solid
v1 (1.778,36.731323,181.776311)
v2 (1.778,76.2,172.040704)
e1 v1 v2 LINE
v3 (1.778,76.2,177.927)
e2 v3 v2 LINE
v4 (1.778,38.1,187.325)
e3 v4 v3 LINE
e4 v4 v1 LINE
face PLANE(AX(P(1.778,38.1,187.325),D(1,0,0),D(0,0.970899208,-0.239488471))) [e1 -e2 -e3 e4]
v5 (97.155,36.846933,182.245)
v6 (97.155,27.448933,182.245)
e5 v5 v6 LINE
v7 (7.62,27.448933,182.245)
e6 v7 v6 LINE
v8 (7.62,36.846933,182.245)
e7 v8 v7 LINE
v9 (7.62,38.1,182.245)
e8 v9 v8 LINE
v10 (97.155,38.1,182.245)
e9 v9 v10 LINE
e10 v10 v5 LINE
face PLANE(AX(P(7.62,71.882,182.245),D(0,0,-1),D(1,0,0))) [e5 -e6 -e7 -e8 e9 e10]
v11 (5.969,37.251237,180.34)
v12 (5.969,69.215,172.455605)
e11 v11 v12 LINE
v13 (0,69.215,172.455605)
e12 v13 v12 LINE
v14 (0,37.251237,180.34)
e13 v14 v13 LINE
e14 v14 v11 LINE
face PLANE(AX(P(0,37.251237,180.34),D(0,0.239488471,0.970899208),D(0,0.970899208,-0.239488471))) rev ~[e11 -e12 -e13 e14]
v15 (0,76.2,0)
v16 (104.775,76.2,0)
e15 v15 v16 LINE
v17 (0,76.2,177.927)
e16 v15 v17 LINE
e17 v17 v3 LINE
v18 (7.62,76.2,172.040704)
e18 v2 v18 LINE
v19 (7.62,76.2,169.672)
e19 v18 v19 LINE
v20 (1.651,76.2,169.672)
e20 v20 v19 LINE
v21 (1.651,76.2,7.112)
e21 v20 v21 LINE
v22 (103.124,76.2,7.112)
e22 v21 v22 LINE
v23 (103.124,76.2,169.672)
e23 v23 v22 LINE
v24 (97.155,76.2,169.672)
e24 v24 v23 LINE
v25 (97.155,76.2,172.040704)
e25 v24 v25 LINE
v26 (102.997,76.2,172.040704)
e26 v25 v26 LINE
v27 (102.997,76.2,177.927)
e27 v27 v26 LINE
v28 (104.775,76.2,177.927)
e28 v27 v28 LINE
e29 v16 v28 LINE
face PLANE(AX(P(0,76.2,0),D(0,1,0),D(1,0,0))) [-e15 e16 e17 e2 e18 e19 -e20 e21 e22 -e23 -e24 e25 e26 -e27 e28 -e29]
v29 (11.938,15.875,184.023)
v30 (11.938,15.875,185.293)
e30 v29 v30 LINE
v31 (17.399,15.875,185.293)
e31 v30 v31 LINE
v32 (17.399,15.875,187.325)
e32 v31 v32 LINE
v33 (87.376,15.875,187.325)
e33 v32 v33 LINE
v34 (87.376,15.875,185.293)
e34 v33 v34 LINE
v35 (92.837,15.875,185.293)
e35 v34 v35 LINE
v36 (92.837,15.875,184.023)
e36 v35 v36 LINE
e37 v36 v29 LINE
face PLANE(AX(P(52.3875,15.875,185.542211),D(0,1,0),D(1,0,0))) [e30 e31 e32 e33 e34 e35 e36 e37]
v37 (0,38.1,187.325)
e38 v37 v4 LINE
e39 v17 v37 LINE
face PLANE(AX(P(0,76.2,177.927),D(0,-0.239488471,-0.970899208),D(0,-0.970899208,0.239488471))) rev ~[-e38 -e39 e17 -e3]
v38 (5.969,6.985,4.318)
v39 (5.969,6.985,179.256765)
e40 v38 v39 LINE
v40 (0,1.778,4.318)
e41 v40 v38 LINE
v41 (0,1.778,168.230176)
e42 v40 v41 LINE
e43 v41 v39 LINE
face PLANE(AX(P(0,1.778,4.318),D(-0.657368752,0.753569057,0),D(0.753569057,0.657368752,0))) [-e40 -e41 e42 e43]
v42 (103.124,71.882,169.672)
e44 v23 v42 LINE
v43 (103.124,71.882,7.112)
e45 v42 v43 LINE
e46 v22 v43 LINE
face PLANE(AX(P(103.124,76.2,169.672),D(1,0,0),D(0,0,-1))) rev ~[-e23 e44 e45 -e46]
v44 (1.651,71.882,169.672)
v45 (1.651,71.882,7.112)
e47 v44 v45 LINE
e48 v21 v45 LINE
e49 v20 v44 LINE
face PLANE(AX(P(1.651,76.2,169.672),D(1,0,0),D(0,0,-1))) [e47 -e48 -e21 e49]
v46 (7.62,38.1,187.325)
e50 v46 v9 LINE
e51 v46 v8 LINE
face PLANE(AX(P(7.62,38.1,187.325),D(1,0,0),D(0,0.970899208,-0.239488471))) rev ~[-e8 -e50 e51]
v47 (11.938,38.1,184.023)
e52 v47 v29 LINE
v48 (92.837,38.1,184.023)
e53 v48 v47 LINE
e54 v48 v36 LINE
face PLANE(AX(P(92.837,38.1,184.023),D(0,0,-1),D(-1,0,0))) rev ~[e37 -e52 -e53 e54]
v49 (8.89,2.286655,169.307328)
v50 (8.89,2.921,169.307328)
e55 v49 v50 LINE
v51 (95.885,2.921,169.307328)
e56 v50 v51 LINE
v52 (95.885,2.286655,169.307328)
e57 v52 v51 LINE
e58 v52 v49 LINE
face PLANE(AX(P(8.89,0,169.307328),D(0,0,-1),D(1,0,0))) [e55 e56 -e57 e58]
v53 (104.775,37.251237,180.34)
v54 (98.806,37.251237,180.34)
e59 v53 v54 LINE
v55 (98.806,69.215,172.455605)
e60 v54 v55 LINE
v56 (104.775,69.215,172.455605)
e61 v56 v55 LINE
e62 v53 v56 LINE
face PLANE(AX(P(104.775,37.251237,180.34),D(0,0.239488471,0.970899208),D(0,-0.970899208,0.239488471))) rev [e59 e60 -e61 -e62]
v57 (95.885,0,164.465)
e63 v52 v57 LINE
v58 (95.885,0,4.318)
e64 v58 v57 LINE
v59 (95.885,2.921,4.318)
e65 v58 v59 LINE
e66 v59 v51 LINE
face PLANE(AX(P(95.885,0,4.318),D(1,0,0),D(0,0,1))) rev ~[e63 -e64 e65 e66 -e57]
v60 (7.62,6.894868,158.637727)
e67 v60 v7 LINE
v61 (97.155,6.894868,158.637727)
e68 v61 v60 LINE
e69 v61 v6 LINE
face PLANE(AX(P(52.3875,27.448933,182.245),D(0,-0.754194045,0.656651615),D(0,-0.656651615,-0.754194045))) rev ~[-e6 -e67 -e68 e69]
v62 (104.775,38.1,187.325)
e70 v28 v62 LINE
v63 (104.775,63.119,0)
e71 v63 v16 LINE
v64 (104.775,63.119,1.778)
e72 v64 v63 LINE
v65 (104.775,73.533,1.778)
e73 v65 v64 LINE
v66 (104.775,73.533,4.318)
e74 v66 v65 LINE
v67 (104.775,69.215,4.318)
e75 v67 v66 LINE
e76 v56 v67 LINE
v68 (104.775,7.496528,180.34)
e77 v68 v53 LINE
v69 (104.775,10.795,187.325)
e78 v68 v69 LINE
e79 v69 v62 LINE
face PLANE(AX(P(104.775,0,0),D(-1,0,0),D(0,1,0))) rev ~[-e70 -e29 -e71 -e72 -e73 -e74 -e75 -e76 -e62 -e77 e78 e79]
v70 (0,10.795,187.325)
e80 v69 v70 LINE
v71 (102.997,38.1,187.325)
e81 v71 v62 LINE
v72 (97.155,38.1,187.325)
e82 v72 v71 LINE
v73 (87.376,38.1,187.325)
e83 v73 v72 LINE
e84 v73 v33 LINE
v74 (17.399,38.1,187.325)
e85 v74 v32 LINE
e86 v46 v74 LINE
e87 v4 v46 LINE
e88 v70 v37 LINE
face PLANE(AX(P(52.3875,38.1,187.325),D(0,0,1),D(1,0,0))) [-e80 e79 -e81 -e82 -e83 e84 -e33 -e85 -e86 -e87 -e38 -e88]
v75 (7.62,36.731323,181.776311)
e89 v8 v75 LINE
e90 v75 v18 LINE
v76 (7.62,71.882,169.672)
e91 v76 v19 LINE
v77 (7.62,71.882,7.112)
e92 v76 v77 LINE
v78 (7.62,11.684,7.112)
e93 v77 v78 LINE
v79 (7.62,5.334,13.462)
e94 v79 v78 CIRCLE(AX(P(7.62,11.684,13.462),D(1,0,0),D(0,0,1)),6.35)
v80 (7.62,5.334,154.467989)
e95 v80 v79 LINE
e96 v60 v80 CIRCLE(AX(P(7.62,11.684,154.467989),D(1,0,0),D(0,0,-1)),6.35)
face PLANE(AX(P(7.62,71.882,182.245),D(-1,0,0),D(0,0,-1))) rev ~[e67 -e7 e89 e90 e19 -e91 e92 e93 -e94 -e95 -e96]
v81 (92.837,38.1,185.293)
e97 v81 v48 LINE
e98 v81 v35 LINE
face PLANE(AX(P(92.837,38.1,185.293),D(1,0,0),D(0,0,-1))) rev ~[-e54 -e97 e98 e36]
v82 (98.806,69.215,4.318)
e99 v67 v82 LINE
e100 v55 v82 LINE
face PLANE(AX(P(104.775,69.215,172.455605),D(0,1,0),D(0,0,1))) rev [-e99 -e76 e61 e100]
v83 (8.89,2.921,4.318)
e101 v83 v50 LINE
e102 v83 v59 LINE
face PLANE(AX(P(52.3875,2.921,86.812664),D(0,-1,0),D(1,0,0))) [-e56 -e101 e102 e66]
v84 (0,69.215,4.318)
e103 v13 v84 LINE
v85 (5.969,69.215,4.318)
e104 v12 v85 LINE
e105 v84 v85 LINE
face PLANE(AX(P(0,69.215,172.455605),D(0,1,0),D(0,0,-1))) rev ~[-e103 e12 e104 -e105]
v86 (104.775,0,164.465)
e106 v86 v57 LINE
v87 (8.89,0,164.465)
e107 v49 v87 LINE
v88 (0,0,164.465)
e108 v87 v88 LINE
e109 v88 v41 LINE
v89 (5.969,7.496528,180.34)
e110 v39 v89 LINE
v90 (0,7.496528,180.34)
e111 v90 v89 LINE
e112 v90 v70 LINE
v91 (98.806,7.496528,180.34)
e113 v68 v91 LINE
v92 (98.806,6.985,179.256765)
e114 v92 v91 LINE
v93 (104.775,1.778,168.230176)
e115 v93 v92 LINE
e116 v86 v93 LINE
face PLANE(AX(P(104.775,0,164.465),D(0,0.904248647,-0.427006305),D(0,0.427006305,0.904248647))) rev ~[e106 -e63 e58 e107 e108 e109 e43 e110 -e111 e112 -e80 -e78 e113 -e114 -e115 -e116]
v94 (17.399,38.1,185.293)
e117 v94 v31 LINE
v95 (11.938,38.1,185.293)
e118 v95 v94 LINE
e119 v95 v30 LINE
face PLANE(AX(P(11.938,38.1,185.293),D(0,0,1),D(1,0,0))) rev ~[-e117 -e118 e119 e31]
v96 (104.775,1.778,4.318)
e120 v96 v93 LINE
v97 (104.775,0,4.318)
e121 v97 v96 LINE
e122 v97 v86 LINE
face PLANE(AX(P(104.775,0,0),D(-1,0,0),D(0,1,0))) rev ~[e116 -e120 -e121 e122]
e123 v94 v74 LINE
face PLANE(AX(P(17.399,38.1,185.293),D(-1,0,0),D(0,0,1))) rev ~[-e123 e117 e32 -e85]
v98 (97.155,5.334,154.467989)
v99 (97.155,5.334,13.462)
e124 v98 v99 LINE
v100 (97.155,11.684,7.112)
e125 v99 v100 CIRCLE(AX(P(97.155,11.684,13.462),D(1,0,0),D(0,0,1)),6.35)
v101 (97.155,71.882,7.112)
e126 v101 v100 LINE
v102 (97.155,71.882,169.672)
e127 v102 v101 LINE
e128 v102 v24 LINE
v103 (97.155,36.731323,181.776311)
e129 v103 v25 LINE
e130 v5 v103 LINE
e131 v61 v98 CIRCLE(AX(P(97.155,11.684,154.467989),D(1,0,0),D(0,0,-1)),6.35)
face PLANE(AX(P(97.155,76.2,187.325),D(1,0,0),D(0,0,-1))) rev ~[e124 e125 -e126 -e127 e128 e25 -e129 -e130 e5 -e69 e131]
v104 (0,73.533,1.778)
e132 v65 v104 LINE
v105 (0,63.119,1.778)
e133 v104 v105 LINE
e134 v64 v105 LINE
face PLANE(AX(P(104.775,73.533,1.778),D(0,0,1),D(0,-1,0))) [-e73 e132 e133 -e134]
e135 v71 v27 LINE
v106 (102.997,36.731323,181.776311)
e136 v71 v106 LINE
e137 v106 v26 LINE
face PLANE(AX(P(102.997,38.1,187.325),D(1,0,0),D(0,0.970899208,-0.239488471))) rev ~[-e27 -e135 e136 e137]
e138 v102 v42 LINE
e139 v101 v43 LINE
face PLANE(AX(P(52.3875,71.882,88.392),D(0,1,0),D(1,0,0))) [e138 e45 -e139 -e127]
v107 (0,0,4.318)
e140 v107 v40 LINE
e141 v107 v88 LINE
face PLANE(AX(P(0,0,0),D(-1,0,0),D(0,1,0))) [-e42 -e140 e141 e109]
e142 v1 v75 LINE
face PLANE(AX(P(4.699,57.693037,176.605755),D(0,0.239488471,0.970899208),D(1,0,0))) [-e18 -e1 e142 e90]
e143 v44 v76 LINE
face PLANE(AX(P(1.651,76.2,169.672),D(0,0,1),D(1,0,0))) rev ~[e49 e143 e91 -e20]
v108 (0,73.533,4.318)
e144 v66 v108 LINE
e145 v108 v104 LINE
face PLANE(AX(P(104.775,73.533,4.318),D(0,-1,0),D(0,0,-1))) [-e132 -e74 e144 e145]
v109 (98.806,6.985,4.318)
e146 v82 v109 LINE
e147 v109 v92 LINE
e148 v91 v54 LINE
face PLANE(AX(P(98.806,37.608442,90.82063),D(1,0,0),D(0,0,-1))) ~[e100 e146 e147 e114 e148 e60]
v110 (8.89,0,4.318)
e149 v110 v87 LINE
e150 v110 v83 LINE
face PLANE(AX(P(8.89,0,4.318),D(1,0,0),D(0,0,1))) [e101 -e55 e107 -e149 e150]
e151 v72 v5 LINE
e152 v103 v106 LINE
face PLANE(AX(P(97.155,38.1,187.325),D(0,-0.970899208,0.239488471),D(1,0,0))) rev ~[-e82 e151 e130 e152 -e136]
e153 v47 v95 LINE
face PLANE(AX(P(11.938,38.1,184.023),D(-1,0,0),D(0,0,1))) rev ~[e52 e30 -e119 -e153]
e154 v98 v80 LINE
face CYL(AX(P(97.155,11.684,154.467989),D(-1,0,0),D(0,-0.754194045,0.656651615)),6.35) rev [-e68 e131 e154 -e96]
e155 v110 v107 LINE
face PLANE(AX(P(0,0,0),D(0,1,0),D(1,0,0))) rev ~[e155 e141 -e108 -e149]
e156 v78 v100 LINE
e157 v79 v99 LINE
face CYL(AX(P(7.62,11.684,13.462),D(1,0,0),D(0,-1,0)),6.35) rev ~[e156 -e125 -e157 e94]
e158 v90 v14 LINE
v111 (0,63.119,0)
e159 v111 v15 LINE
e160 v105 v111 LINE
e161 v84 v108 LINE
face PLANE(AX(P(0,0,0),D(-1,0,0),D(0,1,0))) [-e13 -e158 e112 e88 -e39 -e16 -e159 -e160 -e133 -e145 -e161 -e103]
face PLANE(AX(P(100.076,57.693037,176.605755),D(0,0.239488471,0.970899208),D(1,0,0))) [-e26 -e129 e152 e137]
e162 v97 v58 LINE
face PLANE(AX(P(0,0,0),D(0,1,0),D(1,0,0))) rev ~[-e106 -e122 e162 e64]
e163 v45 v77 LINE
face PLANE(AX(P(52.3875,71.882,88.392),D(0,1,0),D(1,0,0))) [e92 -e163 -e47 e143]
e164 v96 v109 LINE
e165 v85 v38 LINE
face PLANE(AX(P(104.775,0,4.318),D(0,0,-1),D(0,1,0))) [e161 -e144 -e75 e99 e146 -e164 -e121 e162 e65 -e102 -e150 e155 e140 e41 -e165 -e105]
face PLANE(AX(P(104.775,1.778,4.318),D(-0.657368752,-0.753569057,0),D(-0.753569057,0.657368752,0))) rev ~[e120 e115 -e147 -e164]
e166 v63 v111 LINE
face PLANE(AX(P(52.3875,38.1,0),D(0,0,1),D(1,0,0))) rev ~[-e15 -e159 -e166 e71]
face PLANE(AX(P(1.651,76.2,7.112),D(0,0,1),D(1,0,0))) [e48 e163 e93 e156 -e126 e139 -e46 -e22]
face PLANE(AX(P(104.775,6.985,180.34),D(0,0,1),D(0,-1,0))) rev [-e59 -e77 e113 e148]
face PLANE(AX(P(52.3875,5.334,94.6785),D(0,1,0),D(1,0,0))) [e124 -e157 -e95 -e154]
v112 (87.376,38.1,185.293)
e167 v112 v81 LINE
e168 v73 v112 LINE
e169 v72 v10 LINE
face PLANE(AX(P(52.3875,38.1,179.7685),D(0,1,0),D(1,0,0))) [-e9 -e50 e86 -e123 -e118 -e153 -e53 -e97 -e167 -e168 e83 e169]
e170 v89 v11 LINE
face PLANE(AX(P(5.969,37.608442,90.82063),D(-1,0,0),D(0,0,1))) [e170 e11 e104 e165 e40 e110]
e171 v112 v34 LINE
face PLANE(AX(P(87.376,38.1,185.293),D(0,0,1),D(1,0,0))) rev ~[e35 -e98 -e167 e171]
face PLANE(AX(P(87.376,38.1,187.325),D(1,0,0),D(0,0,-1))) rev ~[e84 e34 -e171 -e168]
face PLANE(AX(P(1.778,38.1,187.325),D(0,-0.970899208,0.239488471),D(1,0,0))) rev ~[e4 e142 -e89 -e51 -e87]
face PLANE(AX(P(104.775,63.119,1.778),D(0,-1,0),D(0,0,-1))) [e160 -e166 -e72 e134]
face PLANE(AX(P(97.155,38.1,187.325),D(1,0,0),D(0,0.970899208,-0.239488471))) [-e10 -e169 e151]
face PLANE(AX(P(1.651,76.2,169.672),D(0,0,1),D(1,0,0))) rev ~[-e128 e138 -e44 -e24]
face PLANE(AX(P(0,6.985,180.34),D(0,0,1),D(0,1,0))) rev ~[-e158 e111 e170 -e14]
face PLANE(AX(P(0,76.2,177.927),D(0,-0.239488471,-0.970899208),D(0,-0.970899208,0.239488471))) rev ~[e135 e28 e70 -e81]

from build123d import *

# Parameters (mm, degrees)
SKETCH1_W                       = 104.775
SKETCH1_H                       = 76.2
BOSS_EXTRUDE1_DEPTH             = 187.325
CUT_EXTRUDE1_REACH              = 106.775
SKETCH3_W                       = 101.473
SKETCH3_H                       = 162.56
CUT_EXTRUDE2_DEPTH              = 4.318
SKETCH4_W                       = 89.535
SKETCH4_H                       = 175.133
CUT_EXTRUDE3_DEPTH              = 66.548
CUT_EXTRUDE3_DIRECTION_2_REACH  = 6.318
SKETCH5_W                       = 89.535
SKETCH5_H                       = 15.113
CUT_EXTRUDE4_DEPTH              = 38.1
CUT_EXTRUDE5_DEPTH              = 105.775
SKETCH7_W                       = 5.842
SKETCH7_H                       = 43.18
CUT_EXTRUDE6_DEPTH              = 5.715
CUT_EXTRUDE7_DEPTH              = 22.225
BOSS_EXTRUDE2_REACH             = 54.388
BOSS_EXTRUDE2_DIRECTION_2_REACH = 54.387
CUT_EXTRUDE8_DEPTH              = 104.775
CUT_EXTRUDE9_DEPTH              = 5.969
SKETCH12_W                      = 86.995
SKETCH12_H                      = 164.98932792
CUT_EXTRUDE10_DEPTH             = 2.921
CUT_EXTRUDE11_DEPTH             = 184.007
FILLET1_R                       = 6.35


with BuildPart() as part:
    # Sketch1 → Boss-Extrude1 (new body)
    with BuildSketch(Plane.XY):
        with Locations((52.3875, 38.1)):
            Rectangle(SKETCH1_W, SKETCH1_H)
    extrude(amount=BOSS_EXTRUDE1_DEPTH)

    # Sketch2 → Cut-Extrude1 (cut, up to next)
    with BuildSketch(Plane(origin=(104.775, 0, 0), x_dir=(0, 0, -1), z_dir=(1, 0, 0)), mode=Mode.PRIVATE) as cut_extrude1_sk1:
        Polygon((0, 0), (-4.318, 0), (-4.318, 73.533), (-1.778, 73.533), (-1.778, 63.119), (0, 63.119), align=None)
    cut_extrude1_tool1 = extrude(cut_extrude1_sk1.sketch, amount=-CUT_EXTRUDE1_REACH, mode=Mode.PRIVATE) & part.part
    add(cut_extrude1_tool1.solids().sort_by_distance((104.775, 34.812119, 2.237647))[0], mode=Mode.SUBTRACT)

    # Sketch3 → Cut-Extrude2 (cut)
    with BuildSketch(Plane(origin=(0, 76.2, 0), x_dir=(1, 0, 0), z_dir=(0, 1, 0))):
        with Locations((52.3875, -88.392)):
            Rectangle(SKETCH3_W, SKETCH3_H)
    extrude(amount=-CUT_EXTRUDE2_DEPTH, mode=Mode.SUBTRACT)

    # Sketch4 → Cut-Extrude3 (cut)
    with BuildSketch(Plane(origin=(0, 71.882, 0), x_dir=(1, 0, 0), z_dir=(0, 1, 0))):
        with Locations((52.3875, -94.6785)):
            Rectangle(SKETCH4_W, SKETCH4_H)
    extrude(amount=-CUT_EXTRUDE3_DEPTH, mode=Mode.SUBTRACT)

    # Sketch4 → Cut-Extrude3 direction 2 (cut, up to next)
    with BuildSketch(Plane(origin=(0, 71.882, 0), x_dir=(1, 0, 0), z_dir=(0, 1, 0)), mode=Mode.PRIVATE) as cut_extrude3_direction_2_sk1:
        with Locations((52.3875, -94.6785)):
            Rectangle(SKETCH4_W, SKETCH4_H)
    cut_extrude3_direction_2_tool1 = extrude(cut_extrude3_direction_2_sk1.sketch, amount=CUT_EXTRUDE3_DIRECTION_2_REACH, mode=Mode.PRIVATE) & part.part
    add(cut_extrude3_direction_2_tool1.solids().sort_by_distance((52.3875, 71.882, 94.6785))[0], mode=Mode.SUBTRACT)

    # Sketch5 → Cut-Extrude4 (cut)
    with BuildSketch(Plane(origin=(0, 76.2, 0), x_dir=(1, 0, 0), z_dir=(0, 1, 0))):
        with Locations((52.3875, -179.7685)):
            Rectangle(SKETCH5_W, SKETCH5_H)
    extrude(amount=-CUT_EXTRUDE4_DEPTH, mode=Mode.SUBTRACT)

    # Sketch6 → Cut-Extrude5 (cut, through all)
    with BuildSketch(Plane.ZY):
        Polygon((187.325, 38.1), (187.325, 76.2), (177.927, 76.2), align=None)
    extrude(amount=-CUT_EXTRUDE5_DEPTH, mode=Mode.SUBTRACT)

    # Sketch7 → Cut-Extrude6 (cut)
    with BuildSketch(Plane(origin=(0, 45.741868113, 185.440005865), x_dir=(1, 0, 0), z_dir=(0, 0.239488471, 0.970899208))):
        with Locations((4.699, 13.719081937)):
            Rectangle(SKETCH7_W, SKETCH7_H)
        with Locations((100.076, 13.719081937)):
            Rectangle(SKETCH7_W, SKETCH7_H)
    extrude(amount=-CUT_EXTRUDE6_DEPTH, mode=Mode.SUBTRACT)

    # Sketch8 → Cut-Extrude7 (cut)
    with BuildSketch(Plane(origin=(0, 38.1, 0), x_dir=(1, 0, 0), z_dir=(0, 1, 0))):
        Polygon((92.837, -184.023), (11.938, -184.023), (11.938, -185.293), (17.399, -185.293), (17.399, -187.325), (87.376, -187.325), (87.376, -185.293), (92.837, -185.293), align=None)
    extrude(amount=-CUT_EXTRUDE7_DEPTH, mode=Mode.SUBTRACT)

    # Boss-Extrude2: up to this face of the body (flat: up to its plane)
    boss_extrude2_end = Plane(part.part.faces().sort_by_distance((97.155, 38.338270724, 93.520892383))[0])
    # Sketch9 → Boss-Extrude2 (add, up to the picked face)
    with BuildSketch(Plane(origin=(52.3875, 0, 0), x_dir=(0, 0, -1), z_dir=(1, 0, 0)), mode=Mode.PRIVATE) as boss_extrude2_sk1:
        Polygon((-156.845, 5.334), (-182.245, 5.334), (-182.245, 27.448933333), align=None)
    boss_extrude2_tool1 = split(extrude(boss_extrude2_sk1.sketch, amount=BOSS_EXTRUDE2_REACH, mode=Mode.PRIVATE), bisect_by=boss_extrude2_end, keep=Keep.BOTH, mode=Mode.PRIVATE)
    add(boss_extrude2_tool1.solids().sort_by_distance((52.3875, 12.705644, 173.778333))[0])

    # Boss-Extrude2 direction 2: up to this face of the body (flat: up to its plane)
    boss_extrude2_direction_2_end = Plane(part.part.faces().sort_by_distance((7.62, 38.338270724, 93.520892383))[0])
    # Sketch9 → Boss-Extrude2 direction 2 (add, up to the picked face)
    with BuildSketch(Plane(origin=(52.3875, 0, 0), x_dir=(0, 0, -1), z_dir=(1, 0, 0)), mode=Mode.PRIVATE) as boss_extrude2_direction_2_sk1:
        Polygon((-156.845, 5.334), (-182.245, 5.334), (-182.245, 27.448933333), align=None)
    boss_extrude2_direction_2_tool1 = split(extrude(boss_extrude2_direction_2_sk1.sketch, amount=-BOSS_EXTRUDE2_DIRECTION_2_REACH, mode=Mode.PRIVATE), bisect_by=boss_extrude2_direction_2_end, keep=Keep.BOTH, mode=Mode.PRIVATE)
    add(boss_extrude2_direction_2_tool1.solids().sort_by_distance((52.3875, 12.705644, 173.778333))[0])

    # Sketch10 → Cut-Extrude8 (cut)
    with BuildSketch(Plane(origin=(104.775, 0, 0), x_dir=(0, 0, -1), z_dir=(1, 0, 0))):
        Polygon((-187.325, 10.795), (-187.325, 0), (-164.465, 0), align=None)
    extrude(amount=-CUT_EXTRUDE8_DEPTH, mode=Mode.SUBTRACT)

    # Sketch11 → Cut-Extrude9 (cut)
    with BuildSketch(Plane.ZY):
        Polygon((110.611802523, 69.215), (4.318, 69.215), (4.318, 6.985), (180.34, 6.985), (180.34, 37.251236671), (172.455605046, 69.215), align=None)
    cut_extrude9 = extrude(amount=-CUT_EXTRUDE9_DEPTH, mode=Mode.SUBTRACT)

    # Mirror1: Cut-Extrude9 across plane
    add(cut_extrude9.mirror(Plane(origin=(52.3875, 0, 0), x_dir=(0, 0, 1), z_dir=(1, 0, 0))), mode=Mode.SUBTRACT)

    # Sketch12 → Cut-Extrude10 (cut)
    with BuildSketch(Plane.XZ):
        with Locations((52.3875, 86.81266396)):
            Rectangle(SKETCH12_W, SKETCH12_H)
    extrude(amount=-CUT_EXTRUDE10_DEPTH, mode=Mode.SUBTRACT)

    # Sketch13 → Cut-Extrude11 (cut, through all)
    with BuildSketch(Plane(origin=(0, 0, 4.318), x_dir=(-1, 0, 0), z_dir=(0, 0, -1))):
        Polygon((-5.969, 6.985), (0, 6.985), (0, 1.778), align=None)
        Polygon((-98.806, 6.985), (-104.775, 6.985), (-104.775, 1.778), align=None)
    extrude(amount=-CUT_EXTRUDE11_DEPTH, mode=Mode.SUBTRACT)

    # Fillet1
    fillet1_edges = [part.edges().sort_by_distance(p)[0] for p in [
        (52.3875, 5.334, 7.112),
        (52.3875, 5.334, 156.845),
    ]]
    fillet(fillet1_edges, radius=FILLET1_R)


solid = part.part
